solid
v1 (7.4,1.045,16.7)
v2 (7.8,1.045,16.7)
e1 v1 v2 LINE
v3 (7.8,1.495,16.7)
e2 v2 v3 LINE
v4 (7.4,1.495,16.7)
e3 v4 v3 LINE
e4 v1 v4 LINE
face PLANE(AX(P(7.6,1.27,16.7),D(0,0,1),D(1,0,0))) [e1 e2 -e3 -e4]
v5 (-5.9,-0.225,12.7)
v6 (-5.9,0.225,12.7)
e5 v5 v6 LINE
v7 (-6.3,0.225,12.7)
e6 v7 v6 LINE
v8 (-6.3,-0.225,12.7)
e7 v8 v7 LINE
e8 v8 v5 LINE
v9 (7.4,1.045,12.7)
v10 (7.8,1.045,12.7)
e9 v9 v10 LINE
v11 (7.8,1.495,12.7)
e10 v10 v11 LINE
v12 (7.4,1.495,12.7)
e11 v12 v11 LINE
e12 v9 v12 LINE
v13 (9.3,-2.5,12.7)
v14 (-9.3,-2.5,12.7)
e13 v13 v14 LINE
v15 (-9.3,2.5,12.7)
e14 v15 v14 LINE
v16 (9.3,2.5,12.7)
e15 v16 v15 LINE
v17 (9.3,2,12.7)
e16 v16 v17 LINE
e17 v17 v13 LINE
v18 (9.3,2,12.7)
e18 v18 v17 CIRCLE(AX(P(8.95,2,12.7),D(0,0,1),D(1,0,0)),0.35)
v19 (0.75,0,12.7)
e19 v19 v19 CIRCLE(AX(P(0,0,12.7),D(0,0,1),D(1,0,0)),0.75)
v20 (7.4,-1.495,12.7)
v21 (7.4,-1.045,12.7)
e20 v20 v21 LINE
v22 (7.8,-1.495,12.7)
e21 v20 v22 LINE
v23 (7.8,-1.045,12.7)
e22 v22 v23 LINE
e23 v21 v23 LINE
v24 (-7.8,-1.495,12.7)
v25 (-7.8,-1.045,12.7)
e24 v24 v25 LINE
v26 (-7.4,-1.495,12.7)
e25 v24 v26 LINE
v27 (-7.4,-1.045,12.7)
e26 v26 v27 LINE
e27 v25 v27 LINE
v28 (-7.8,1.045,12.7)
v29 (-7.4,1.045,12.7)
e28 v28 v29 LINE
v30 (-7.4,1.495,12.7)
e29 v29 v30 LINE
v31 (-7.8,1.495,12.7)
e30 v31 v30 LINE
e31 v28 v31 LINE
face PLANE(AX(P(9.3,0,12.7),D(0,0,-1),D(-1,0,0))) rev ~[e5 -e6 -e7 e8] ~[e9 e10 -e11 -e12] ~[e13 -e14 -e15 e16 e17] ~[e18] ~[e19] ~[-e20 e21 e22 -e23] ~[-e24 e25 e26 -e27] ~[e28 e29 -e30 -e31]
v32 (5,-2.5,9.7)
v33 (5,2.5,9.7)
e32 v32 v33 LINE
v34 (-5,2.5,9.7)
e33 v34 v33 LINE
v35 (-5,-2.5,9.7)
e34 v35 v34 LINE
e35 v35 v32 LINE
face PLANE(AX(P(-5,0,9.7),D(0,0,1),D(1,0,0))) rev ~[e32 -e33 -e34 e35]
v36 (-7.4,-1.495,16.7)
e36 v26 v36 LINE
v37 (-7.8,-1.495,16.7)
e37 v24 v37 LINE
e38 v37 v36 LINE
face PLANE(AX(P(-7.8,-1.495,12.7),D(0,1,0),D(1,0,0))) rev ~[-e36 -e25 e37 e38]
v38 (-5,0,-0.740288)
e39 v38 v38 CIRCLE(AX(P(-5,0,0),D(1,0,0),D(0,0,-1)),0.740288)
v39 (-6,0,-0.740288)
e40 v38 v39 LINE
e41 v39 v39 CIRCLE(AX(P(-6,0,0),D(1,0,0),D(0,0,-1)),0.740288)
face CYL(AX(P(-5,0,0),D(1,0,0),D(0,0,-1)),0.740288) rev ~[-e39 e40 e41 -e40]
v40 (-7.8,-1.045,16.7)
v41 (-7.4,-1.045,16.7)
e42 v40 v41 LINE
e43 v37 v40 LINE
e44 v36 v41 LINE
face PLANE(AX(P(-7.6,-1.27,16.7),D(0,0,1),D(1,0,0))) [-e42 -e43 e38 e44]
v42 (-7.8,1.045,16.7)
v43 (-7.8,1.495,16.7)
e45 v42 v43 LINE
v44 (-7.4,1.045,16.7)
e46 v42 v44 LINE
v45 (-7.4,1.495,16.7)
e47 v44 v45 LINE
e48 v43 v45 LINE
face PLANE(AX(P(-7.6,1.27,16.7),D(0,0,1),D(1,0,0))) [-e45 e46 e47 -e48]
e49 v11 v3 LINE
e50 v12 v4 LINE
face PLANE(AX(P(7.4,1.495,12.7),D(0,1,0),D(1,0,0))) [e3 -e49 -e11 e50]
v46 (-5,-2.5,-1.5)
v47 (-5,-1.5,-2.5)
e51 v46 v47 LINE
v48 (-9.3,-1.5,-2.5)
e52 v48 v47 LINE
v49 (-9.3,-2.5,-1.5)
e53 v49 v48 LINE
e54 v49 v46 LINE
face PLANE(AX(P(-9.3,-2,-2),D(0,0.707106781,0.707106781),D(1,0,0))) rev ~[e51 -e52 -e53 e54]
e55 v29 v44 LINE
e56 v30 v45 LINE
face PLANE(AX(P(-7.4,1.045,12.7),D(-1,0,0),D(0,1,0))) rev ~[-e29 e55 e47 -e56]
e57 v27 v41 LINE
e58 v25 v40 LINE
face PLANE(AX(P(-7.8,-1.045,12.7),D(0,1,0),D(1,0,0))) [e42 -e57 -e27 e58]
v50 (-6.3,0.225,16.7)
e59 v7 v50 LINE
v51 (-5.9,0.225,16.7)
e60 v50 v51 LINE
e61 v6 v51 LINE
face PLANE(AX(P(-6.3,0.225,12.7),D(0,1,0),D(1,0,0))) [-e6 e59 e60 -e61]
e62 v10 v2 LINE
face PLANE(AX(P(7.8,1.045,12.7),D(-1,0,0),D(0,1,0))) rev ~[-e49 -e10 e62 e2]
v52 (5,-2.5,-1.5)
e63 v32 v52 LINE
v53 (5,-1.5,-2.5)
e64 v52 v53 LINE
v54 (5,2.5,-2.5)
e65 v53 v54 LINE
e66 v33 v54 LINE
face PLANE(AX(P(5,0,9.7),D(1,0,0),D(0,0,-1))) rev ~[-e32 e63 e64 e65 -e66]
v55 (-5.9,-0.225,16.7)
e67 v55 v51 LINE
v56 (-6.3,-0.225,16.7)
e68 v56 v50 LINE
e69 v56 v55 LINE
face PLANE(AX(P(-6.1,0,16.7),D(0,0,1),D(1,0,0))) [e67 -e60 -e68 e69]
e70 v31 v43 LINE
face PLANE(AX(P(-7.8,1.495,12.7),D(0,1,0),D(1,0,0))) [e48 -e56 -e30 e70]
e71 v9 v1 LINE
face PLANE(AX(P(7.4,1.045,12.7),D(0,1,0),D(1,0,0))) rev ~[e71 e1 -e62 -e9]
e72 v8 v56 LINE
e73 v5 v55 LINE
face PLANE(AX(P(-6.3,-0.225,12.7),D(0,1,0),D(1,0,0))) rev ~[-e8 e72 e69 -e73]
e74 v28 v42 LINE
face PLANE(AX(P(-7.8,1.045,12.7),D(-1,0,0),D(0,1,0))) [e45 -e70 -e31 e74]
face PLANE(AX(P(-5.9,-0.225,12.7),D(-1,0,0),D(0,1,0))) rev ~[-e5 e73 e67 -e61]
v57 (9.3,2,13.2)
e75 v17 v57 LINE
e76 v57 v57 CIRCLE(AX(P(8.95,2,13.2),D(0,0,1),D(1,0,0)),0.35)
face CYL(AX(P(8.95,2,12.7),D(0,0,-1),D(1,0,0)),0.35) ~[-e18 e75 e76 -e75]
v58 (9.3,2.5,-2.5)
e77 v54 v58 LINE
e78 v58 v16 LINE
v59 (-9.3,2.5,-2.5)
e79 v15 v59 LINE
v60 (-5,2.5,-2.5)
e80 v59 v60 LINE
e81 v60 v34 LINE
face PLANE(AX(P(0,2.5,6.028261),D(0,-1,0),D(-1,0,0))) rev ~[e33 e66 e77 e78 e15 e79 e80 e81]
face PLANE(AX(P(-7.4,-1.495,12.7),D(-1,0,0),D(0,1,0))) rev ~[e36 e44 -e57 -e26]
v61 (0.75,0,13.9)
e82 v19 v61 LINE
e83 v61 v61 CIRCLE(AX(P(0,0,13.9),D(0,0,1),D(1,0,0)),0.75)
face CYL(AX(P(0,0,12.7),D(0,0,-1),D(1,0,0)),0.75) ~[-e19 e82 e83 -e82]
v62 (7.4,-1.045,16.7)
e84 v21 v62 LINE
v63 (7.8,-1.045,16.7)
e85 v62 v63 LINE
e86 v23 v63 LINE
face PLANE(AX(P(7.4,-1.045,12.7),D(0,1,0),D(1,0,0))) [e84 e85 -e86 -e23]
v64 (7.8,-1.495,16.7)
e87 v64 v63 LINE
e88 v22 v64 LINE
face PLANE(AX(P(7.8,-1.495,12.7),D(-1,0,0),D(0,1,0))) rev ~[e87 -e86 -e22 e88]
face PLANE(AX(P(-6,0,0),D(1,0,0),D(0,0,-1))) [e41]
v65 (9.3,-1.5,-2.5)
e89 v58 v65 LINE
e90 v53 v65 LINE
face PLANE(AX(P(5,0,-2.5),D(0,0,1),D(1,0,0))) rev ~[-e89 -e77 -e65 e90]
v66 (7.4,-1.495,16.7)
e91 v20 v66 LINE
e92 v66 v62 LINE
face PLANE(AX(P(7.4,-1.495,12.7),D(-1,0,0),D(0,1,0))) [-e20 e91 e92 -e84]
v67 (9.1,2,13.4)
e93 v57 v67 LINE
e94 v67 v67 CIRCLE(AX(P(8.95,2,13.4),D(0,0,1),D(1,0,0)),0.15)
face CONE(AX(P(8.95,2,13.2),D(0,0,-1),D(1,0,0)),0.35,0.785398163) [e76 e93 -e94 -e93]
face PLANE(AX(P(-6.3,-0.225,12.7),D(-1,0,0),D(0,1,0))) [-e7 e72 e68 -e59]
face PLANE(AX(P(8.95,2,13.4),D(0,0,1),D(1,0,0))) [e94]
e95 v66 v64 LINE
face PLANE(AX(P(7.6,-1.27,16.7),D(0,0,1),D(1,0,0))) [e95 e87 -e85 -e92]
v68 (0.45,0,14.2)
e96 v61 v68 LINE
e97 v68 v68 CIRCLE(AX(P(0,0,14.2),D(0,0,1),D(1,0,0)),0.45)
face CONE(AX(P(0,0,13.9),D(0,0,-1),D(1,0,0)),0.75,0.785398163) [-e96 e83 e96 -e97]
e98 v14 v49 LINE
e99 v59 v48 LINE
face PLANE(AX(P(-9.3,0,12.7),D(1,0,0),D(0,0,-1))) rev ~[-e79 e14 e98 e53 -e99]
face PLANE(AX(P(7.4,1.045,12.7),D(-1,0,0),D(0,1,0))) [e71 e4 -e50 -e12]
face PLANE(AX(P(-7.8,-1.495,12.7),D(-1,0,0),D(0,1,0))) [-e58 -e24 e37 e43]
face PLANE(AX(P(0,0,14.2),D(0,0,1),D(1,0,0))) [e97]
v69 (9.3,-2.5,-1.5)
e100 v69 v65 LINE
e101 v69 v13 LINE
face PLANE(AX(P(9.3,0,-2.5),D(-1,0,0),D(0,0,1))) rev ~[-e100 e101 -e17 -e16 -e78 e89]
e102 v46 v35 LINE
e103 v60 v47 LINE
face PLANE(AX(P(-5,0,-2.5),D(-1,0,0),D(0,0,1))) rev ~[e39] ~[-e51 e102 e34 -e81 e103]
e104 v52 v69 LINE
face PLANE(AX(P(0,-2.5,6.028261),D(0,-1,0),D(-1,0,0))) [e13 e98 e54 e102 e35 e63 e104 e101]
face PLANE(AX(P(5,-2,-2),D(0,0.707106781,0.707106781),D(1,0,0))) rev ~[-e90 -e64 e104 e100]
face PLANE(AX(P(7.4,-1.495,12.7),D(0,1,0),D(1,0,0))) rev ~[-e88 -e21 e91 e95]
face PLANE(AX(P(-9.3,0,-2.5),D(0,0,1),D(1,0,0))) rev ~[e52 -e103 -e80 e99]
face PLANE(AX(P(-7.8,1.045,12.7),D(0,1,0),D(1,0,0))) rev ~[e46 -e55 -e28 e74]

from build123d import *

# Parameters (mm, degrees)
BOSS_EXTRUDE1_DEPTH = 2.5
SKETCH3_R           = 0.75
BOSS_EXTRUDE2_DEPTH = 1.5
SKETCH4_R           = 0.35
BOSS_EXTRUDE3_DEPTH = 0.7
CHAMFER1_SIZE       = 0.2
CHAMFER2_SIZE       = 0.3
CHAMFER3_SIZE       = 1
SKETCH5_W           = 0.4
SKETCH5_H           = 0.45
BOSS_EXTRUDE4_DEPTH = 4
SKETCH6_R           = 0.740287865
CUT_EXTRUDE1_DEPTH  = 1


with BuildPart() as part:
    # Sketch1 → Boss-Extrude1 (new body, symmetric)
    with BuildSketch(Plane(origin=(0, 0, 0), x_dir=(1, 0, 0), z_dir=(0, 1, 0))):
        Polygon((5, 2.5), (9.3, 2.5), (9.3, -12.7), (-9.3, -12.7), (-9.3, 2.5), (-5, 2.5), (-5, -9.7), (5, -9.7), align=None)
    extrude(amount=BOSS_EXTRUDE1_DEPTH, both=True)

    # Sketch3 → Boss-Extrude2 (add)
    with BuildSketch(Plane.XY.offset(12.7)):
        Circle(SKETCH3_R)
    extrude(amount=BOSS_EXTRUDE2_DEPTH)

    # Sketch4 → Boss-Extrude3 (add)
    with BuildSketch(Plane.XY.offset(12.7)):
        with Locations((8.95, 2)):
            Circle(SKETCH4_R)
    extrude(amount=BOSS_EXTRUDE3_DEPTH)

    # Chamfer1
    chamfer1_edges = [part.edges().sort_by_distance(p)[0] for p in [
        (8.6, 2, 13.4),
    ]]
    chamfer(chamfer1_edges, length=CHAMFER1_SIZE)

    # Chamfer2
    chamfer2_edges = [part.edges().sort_by_distance(p)[0] for p in [
        (-0.75, 0, 14.2),
    ]]
    chamfer(chamfer2_edges, length=CHAMFER2_SIZE)

    # Chamfer3
    chamfer3_edges = [part.edges().sort_by_distance(p)[0] for p in [
        (-7.15, -2.5, -2.5),
        (7.15, -2.5, -2.5),
    ]]
    chamfer(chamfer3_edges, length=CHAMFER3_SIZE)

    # Sketch5 → Boss-Extrude4 (add)
    with BuildSketch(Plane.XY.offset(12.7)):
        with Locations((-7.6, 1.27)):
            Rectangle(SKETCH5_W, SKETCH5_H)
        with Locations((-7.6, -1.27)):
            Rectangle(SKETCH5_W, SKETCH5_H)
        with Locations((-6.1, 0)):
            Rectangle(SKETCH5_W, SKETCH5_H)
        with Locations((7.6, 1.27)):
            Rectangle(SKETCH5_W, SKETCH5_H)
        with Locations((7.6, -1.27)):
            Rectangle(SKETCH5_W, SKETCH5_H)
    extrude(amount=BOSS_EXTRUDE4_DEPTH)

    # Sketch6 → Cut-Extrude1 (cut)
    with BuildSketch(Plane(origin=(-5, 0, 0), x_dir=(0, 0, -1), z_dir=(1, 0, 0))):
        Circle(SKETCH6_R)
    extrude(amount=-CUT_EXTRUDE1_DEPTH, mode=Mode.SUBTRACT)


solid = part.part
